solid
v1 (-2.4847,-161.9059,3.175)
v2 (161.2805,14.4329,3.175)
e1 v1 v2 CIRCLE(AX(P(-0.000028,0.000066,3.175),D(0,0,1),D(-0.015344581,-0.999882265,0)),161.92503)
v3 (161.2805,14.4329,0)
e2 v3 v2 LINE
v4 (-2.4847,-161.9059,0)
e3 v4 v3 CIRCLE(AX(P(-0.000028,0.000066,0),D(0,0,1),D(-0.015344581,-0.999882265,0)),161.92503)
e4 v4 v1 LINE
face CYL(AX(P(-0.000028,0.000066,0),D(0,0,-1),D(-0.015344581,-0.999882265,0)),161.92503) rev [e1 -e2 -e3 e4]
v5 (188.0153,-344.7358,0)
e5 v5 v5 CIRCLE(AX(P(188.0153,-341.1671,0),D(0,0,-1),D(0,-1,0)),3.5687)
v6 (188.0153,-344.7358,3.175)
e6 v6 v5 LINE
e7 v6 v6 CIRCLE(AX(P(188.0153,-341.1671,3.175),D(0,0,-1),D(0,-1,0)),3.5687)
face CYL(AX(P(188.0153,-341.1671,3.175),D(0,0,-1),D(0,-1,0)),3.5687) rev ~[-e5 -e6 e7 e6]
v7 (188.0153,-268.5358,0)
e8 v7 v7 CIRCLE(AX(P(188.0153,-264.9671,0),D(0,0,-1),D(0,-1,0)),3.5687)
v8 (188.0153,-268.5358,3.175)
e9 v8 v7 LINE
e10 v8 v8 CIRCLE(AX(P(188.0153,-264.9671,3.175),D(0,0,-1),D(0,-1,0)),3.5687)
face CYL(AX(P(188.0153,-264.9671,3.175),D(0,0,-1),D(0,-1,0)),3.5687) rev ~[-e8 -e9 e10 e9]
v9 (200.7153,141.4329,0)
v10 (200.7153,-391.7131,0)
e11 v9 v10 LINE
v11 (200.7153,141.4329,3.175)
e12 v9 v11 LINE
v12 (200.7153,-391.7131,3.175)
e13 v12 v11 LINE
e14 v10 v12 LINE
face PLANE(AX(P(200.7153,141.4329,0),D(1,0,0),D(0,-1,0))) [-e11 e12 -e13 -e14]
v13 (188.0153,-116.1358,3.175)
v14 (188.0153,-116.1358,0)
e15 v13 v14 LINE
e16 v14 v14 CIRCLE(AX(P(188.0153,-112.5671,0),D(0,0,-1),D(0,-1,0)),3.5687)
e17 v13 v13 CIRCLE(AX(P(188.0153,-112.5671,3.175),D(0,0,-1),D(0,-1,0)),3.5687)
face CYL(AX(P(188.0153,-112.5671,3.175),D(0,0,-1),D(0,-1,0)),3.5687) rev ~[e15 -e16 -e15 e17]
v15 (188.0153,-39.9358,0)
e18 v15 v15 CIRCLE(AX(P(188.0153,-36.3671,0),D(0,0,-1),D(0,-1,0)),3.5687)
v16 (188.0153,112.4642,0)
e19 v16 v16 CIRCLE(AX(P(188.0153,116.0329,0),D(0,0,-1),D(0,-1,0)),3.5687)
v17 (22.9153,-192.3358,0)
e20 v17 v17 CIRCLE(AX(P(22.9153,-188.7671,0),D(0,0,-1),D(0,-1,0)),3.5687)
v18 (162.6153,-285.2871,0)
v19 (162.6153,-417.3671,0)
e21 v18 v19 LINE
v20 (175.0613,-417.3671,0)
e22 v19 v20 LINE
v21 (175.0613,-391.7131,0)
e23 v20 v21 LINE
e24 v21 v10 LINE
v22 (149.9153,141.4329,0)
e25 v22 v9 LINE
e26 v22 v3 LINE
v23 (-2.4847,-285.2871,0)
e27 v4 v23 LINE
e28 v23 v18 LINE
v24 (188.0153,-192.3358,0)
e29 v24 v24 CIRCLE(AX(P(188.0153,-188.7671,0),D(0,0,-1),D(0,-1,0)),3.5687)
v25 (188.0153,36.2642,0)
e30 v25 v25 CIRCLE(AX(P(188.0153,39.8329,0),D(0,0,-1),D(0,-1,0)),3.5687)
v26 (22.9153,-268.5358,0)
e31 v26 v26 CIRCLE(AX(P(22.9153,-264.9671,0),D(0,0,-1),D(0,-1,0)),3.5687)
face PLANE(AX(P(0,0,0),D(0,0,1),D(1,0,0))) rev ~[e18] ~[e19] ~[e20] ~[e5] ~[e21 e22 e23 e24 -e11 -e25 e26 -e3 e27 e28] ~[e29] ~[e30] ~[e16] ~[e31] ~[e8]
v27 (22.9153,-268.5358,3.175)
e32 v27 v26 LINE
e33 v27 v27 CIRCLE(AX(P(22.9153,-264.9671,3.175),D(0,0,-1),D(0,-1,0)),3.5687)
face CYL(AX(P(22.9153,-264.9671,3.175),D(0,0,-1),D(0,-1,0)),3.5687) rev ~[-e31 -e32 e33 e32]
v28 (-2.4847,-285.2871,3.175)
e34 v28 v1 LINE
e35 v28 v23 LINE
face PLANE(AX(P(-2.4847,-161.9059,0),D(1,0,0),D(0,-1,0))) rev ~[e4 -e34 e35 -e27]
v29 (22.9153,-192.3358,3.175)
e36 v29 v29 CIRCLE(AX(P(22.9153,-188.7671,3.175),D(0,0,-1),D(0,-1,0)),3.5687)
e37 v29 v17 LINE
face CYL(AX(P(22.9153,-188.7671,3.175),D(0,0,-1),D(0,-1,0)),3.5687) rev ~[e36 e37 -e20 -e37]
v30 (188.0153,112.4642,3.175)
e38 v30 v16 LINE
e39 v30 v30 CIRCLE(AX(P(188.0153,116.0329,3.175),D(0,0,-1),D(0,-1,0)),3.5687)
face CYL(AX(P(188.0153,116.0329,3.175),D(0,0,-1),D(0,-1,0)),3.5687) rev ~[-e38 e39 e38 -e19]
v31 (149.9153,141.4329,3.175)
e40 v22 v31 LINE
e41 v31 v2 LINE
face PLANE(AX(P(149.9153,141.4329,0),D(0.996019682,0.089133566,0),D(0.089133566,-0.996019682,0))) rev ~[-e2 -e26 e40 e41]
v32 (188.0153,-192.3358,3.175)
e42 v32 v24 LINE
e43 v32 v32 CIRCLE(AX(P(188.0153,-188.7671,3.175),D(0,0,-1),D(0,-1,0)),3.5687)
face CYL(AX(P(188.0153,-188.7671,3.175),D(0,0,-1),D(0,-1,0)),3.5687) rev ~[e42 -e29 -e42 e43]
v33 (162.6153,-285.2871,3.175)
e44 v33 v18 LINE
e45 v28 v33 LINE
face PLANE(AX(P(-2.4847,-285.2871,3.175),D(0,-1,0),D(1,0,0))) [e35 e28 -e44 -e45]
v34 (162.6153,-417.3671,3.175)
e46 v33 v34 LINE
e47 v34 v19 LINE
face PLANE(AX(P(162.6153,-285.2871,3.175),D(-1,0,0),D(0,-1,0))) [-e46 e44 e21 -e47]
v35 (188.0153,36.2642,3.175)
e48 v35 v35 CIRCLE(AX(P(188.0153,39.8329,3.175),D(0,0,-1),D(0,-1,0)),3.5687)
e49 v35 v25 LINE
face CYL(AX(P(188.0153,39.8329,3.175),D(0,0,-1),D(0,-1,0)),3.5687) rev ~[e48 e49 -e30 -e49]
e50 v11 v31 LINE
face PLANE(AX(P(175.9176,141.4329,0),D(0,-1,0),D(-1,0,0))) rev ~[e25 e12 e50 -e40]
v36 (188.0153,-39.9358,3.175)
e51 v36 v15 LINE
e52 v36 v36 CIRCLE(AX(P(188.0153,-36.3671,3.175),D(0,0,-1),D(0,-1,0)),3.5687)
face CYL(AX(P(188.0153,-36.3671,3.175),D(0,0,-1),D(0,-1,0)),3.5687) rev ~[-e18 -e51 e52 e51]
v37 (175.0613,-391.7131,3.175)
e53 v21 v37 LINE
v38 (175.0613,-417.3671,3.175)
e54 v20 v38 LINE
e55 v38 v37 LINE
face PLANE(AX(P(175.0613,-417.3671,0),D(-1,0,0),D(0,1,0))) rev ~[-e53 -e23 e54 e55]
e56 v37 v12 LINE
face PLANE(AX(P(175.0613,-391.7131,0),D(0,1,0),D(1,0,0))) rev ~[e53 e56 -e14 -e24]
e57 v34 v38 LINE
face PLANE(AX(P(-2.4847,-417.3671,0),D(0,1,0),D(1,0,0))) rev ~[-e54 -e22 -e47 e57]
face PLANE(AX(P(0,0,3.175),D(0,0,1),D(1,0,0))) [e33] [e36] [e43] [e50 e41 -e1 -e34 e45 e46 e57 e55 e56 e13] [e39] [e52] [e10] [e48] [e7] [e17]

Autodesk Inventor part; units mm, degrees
ref_plane "YZ Plane" through (0, 0, 0) normal (1, 0, 0) x (0, 1, 0)
ref_plane "XZ Plane" through (0, 0, 0) normal (0, 1, 0) x (-1, 0, 0)
ref_plane "XY Plane" through (0, 0, 0) normal (0, 0, 1) x (1, 0, 0)
sketch "Sketch1" plane through (0, 0, 0) normal (0, 0, 1) x (1, 0, 0)
  arc A0 (-2.4847, -161.9059) -> (161.2805, 14.4329) centre (0, 0) ccw
  line L0 (-2.4847, -161.9059) -> (-2.4847, -174.6059)
  line L1 (175.9176, 141.4329) -> (149.9153, 141.4329)
  line L2 (149.9153, 141.4329) -> (200.7153, 141.4329)
  line L3 (200.7153, 141.4329) -> (200.7153, -174.6059)
  line L4 (149.9153, 141.4329) -> (161.2805, 14.4329)
  line L5 (-2.4847, -161.9224) -> (-2.4847, -174.6059)
  line L6 (200.7153, 141.4329) -> (200.7153, -391.7131)
  line L7 (-2.4847, -174.6059) -> (-2.4847, -417.3671)
  line L8 (-2.4847, -417.3671) -> (175.0613, -417.3671)
  line L9 (200.7153, -417.3671) -> (199.9221, -417.3671)
  line L10 (175.0613, -417.3671) -> (175.0613, -391.7131)
  line L11 (175.0613, -391.7131) -> (200.7153, -391.7131)
  dimension "d1" = 323.85
  dimension "d4" = 50.8
  dimension "d6" = 127
  dimension "d9" = 11.3652
  dimension "d10" = 127.5075
  dimension "d11" = 558.8
  dimension "d14" = 203.2
  dimension "d15" = 25.654
  dimension "d16" = 25.654
extrude "Extrusion1" add sketch "Sketch1" along normal blind 3.175
sketch "Sketch2" plane through (0, 0, 3.175) normal (0, 0, 1) x (1, 0, 0)
  line L0 (200.7153, 141.4329) -> (200.7153, -391.7131) projected
  line L1 (200.7153, 141.4329) -> (149.9153, 141.4329) projected
  point P0 (0, 0)
  point P1 (188.0153, 116.0329)
  point P2 (188.0153, 39.8329)
  point P3 (188.0153, -36.3671)
  point P4 (188.0153, -112.5671)
  point P5 (188.0153, -188.7671)
  point P6 (188.0153, -264.9671)
  point P7 (188.0153, -341.1671)
  dimension "d19" = 12.7
  dimension "d20" = 12.7
  dimension "d21" = 12.7
  dimension "d22" = 12.7
  dimension "d23" = 12.7
  dimension "d24" = 12.7
  dimension "d25" = 76.2
  dimension "d26" = 76.2
  dimension "d27" = 76.2
  dimension "d28" = 76.2
  dimension "d29" = 76.2
  dimension "d30" = 76.2
  dimension "d31" = 25.4
hole "Hole1" at (188.0153, 116.0329, 3.175) at (188.0153, 39.8329, 3.175) at (188.0153, -36.3671, 3.175) at (188.0153, -112.5671, 3.175) at (188.0153, -188.7671, 3.175) at (188.0153, -264.9671, 3.175) at (188.0153, -341.1671, 3.175) direction (0, 0, -1) diameter 7.1374 end through all
sketch "Sketch3" plane through (0, 0, 3.175) normal (0, 0, 1) x (1, 0, 0)
  line L0 (-2.4847, -161.9059) -> (-2.4847, -417.3671) projected
  line L1 (-2.4847, -417.3671) -> (175.0613, -417.3671) projected
  point P0 (0, 0)
  point P1 (22.9153, -188.7671)
  point P2 (22.9153, -264.9671)
  point P3 (22.9153, -341.1671)
  dimension "d39" = 25.4
  dimension "d40" = 25.4
  dimension "d41" = 25.4
  dimension "d42" = 76.2
  dimension "d43" = 76.2
  dimension "d44" = 76.2
hole "Hole2" at (22.9153, -188.7671, 3.175) at (22.9153, -264.9671, 3.175) at (22.9153, -341.1671, 3.175) direction (0, 0, -1) diameter 7.1374 end through all
sketch "Sketch4" plane through (0, 0, 3.175) normal (0, 0, 1) x (1, 0, 0)
  line L0 (-2.4847, -417.3671) -> (175.0613, -417.3671) projected
  line L1 (-2.4847, -161.9059) -> (-2.4847, -417.3671) projected
  line L2 (162.6153, -417.3671) -> (-2.4847, -417.3671)
  line L3 (-2.4847, -417.3671) -> (-2.4847, -285.2871)
  line L4 (-2.4847, -285.2871) -> (162.6153, -285.2871)
  line L5 (162.6153, -285.2871) -> (162.6153, -417.3671)
  line L6 (175.0613, -417.3671) -> (175.0613, -391.7131) projected
  line L7 (175.0613, -391.7131) -> (200.7153, -391.7131) projected
  line L8 (200.7153, -391.7131) -> (200.7153, 141.4329) projected
  circle A0 centre (22.9153, -341.1671) radius 3.5687 projected
  circle A1 centre (22.9153, -264.9671) radius 3.5687 projected
  point P0 (0, 0)
  dimension "d52" = 132.08
  dimension "d53" = 38.1
extrude "Extrusion2" cut sketch "Sketch4" against normal blind 25.4 contours L1 L4 L5 L0
properties part number "LauncherSidePlate"
